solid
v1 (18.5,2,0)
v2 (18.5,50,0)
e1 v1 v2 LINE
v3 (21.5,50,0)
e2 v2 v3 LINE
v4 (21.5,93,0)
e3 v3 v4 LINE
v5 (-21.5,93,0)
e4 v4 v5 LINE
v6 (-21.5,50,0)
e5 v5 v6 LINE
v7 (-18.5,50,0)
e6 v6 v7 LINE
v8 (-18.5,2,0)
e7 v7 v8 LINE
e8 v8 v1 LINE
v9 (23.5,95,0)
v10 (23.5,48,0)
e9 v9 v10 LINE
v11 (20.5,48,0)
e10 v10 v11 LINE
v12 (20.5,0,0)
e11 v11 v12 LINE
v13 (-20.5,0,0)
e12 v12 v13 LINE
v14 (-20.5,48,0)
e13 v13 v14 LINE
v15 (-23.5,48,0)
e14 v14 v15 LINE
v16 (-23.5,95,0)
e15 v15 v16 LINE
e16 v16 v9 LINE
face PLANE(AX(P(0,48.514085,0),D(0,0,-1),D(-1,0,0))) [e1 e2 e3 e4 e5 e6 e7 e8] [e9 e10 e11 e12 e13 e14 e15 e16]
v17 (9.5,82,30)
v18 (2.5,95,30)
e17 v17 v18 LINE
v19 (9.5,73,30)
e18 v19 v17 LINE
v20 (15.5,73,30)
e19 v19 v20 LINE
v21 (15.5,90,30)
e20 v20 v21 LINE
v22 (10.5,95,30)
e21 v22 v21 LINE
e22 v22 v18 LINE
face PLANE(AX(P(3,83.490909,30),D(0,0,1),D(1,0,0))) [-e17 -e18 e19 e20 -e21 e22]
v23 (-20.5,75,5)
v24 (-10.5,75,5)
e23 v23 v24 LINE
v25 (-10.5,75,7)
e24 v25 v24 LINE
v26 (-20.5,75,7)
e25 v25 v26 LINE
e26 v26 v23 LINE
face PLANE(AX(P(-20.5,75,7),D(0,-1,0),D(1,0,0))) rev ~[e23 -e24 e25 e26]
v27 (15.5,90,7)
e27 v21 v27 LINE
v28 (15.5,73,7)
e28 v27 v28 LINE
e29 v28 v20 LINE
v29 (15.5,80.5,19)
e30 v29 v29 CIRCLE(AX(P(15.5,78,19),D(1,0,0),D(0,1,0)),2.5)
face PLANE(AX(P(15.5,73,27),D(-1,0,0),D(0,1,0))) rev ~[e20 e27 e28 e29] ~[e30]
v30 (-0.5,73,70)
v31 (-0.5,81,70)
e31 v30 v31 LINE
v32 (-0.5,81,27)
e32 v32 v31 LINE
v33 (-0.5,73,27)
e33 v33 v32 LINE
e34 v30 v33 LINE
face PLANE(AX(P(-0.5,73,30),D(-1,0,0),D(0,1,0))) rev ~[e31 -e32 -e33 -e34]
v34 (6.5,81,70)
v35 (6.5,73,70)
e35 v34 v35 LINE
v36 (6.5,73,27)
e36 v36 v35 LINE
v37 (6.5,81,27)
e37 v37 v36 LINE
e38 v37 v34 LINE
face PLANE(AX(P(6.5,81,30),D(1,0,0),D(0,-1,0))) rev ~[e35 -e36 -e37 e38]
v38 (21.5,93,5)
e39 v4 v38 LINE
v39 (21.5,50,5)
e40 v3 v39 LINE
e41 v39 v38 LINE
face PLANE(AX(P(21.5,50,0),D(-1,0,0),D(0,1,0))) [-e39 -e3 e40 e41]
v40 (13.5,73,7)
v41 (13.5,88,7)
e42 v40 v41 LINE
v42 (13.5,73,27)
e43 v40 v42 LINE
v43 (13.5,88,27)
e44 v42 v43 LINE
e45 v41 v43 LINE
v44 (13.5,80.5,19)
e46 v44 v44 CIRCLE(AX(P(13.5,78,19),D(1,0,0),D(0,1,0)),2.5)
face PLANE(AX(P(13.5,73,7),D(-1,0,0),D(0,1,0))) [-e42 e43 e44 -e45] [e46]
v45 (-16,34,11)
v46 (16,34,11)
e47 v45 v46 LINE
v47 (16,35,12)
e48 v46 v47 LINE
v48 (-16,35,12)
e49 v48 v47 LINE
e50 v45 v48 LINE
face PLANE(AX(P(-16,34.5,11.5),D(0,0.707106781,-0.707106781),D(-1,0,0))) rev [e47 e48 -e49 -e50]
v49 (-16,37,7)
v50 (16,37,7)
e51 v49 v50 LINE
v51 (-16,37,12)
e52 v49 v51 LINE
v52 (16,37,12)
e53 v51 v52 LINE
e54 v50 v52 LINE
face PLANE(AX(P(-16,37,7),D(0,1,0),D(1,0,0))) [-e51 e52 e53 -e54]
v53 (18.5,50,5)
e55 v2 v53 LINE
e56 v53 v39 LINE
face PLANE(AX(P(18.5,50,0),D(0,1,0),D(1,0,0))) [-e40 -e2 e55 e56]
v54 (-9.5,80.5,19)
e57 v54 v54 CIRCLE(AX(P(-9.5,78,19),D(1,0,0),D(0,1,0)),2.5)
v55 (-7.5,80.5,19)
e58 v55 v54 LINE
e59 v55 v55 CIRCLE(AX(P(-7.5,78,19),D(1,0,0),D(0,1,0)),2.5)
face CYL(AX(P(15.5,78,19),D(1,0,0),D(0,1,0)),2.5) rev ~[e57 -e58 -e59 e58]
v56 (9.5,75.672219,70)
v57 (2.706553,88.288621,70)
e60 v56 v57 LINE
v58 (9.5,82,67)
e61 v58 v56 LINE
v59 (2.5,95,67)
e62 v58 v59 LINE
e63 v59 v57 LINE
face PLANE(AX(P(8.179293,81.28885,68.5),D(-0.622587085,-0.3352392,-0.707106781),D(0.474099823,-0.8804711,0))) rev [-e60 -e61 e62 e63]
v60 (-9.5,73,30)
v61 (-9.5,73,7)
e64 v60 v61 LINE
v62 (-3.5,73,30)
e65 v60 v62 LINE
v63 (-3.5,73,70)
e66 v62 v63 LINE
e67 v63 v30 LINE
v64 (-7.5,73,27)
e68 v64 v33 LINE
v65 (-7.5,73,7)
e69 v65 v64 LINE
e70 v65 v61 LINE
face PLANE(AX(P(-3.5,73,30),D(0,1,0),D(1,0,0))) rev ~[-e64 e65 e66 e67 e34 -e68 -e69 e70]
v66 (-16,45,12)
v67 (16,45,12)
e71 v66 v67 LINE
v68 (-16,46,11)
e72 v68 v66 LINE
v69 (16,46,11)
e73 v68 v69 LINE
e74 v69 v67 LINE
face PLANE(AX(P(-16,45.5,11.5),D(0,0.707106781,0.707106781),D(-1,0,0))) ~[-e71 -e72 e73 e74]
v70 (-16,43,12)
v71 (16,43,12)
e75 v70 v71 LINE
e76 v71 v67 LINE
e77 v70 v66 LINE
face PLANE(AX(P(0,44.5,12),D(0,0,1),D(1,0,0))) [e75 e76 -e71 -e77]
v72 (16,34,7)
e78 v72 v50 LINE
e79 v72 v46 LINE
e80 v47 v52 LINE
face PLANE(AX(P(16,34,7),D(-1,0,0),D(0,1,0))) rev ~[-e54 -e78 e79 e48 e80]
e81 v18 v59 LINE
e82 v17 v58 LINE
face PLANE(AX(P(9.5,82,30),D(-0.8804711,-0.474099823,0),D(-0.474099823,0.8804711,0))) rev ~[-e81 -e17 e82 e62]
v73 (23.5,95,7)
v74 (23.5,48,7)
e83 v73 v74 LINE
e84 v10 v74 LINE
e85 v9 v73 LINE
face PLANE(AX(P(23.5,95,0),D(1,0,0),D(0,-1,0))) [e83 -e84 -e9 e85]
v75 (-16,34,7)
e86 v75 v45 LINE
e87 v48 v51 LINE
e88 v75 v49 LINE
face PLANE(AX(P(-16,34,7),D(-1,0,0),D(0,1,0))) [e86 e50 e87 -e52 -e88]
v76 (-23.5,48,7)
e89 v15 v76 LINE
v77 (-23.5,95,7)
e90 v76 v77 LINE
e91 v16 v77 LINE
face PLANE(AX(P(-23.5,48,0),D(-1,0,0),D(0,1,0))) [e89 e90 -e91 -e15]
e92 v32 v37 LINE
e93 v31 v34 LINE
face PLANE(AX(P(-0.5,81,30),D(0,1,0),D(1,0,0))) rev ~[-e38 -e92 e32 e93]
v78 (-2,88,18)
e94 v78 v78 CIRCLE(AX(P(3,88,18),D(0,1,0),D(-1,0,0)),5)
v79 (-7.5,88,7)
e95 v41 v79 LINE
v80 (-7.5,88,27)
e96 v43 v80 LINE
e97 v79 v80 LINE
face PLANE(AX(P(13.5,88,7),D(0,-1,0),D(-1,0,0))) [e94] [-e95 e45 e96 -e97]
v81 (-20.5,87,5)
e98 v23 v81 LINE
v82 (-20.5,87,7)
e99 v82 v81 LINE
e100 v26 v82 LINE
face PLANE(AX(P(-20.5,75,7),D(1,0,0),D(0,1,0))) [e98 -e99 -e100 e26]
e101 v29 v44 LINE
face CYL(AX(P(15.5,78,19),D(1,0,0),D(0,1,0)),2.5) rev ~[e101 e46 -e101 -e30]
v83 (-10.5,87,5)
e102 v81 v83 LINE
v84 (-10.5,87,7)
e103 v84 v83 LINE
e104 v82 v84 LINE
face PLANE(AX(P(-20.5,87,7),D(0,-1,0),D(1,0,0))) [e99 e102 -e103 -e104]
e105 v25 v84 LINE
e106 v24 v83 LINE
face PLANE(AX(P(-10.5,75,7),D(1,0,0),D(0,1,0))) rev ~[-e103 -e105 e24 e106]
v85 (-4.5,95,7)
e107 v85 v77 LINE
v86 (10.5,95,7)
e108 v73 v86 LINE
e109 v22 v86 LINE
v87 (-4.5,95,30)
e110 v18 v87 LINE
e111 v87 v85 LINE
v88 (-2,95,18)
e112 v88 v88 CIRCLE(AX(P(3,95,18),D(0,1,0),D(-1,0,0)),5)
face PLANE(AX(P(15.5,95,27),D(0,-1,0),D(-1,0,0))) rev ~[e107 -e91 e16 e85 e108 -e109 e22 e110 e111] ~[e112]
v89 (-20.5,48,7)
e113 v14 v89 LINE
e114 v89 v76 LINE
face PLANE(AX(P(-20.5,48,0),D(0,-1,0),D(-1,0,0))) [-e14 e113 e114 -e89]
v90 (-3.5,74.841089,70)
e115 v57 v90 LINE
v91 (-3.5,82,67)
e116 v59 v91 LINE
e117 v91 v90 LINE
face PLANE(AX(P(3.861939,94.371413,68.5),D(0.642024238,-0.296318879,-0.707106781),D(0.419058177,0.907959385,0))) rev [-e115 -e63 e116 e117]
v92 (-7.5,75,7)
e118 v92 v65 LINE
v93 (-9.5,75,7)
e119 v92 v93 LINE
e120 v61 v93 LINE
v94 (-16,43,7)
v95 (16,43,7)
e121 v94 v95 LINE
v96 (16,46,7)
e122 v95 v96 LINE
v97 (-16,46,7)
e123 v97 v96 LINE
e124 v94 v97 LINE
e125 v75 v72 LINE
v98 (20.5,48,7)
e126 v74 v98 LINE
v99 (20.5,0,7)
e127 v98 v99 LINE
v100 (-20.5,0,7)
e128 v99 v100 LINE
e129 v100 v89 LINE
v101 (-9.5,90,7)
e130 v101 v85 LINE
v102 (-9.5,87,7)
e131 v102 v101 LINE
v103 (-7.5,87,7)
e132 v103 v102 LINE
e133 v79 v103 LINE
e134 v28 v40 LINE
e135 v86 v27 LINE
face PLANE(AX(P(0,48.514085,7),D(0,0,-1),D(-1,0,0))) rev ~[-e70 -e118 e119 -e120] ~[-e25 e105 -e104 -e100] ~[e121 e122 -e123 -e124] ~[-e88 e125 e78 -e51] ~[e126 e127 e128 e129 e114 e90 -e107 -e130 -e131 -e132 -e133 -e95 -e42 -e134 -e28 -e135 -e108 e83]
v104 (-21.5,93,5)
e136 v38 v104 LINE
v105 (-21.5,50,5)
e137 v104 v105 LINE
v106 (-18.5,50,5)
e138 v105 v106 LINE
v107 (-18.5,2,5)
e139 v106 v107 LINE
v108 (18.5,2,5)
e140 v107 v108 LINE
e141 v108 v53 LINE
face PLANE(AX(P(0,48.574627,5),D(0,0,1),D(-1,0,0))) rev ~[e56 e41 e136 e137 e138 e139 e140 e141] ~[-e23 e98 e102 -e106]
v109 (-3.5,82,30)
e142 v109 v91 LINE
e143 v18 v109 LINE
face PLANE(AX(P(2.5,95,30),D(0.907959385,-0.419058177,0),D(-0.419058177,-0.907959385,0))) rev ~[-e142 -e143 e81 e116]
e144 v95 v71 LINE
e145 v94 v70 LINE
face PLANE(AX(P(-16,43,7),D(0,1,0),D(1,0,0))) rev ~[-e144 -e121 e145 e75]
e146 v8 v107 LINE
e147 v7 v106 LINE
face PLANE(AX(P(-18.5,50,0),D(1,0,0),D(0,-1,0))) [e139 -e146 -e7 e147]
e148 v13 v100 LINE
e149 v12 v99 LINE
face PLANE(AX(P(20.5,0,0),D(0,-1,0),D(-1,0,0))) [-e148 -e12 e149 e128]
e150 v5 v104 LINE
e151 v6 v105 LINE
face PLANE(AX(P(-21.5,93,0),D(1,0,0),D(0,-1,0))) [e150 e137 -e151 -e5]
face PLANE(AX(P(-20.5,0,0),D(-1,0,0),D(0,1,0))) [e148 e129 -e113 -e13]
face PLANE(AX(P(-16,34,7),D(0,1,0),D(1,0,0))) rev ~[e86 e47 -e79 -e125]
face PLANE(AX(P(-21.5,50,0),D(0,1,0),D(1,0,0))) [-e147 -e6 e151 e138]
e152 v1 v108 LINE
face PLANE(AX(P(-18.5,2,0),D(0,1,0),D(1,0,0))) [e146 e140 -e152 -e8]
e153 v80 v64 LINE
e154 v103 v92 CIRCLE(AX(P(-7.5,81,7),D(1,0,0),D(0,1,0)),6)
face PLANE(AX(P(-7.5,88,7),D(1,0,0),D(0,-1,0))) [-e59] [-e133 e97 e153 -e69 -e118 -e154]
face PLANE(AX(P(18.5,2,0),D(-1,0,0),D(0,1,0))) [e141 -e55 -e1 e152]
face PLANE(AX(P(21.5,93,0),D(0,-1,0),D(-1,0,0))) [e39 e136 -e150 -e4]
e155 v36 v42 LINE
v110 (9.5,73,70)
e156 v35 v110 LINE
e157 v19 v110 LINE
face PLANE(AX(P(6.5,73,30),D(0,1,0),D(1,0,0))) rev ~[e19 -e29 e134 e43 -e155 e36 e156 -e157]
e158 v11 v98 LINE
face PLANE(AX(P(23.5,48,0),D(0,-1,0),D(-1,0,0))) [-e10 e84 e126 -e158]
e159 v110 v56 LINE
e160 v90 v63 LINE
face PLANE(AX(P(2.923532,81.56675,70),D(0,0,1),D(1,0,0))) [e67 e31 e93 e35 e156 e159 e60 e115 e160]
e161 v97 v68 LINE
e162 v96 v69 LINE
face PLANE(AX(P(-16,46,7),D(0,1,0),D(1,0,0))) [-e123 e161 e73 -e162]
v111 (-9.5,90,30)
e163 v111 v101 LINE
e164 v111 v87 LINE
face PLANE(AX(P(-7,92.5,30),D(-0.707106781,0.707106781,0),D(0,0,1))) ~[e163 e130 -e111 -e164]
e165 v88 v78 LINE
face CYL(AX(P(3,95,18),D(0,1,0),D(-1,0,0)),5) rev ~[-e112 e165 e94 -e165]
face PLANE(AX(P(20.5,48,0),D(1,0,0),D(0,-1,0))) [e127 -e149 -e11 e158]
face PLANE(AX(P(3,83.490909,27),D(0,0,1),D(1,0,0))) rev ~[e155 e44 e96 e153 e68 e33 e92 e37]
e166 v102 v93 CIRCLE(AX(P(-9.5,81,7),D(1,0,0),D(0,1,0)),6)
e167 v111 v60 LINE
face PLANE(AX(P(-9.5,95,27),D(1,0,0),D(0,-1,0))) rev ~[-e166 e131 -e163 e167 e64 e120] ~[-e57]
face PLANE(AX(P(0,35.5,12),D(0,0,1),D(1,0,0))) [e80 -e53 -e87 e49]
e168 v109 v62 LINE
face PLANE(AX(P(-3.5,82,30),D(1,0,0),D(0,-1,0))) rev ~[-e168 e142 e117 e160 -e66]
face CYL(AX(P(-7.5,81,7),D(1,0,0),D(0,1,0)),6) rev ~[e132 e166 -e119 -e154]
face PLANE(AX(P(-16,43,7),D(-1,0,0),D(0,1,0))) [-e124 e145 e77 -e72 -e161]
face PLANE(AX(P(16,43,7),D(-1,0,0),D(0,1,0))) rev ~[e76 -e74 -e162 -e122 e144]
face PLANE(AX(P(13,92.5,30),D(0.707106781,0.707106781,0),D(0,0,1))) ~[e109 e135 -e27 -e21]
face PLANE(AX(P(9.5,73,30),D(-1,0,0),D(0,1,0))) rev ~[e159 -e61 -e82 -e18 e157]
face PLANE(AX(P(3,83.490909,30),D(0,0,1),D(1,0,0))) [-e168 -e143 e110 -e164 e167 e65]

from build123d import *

# Parameters (mm, degrees)
PAD_DEPTH       = 7
POCKET_DEPTH    = 5
SKETCH002_W     = 32
SKETCH002_H     = 3
PAD001_DEPTH    = 5
SKETCH003_W     = 10
SKETCH003_H     = 12
POCKET001_DEPTH = 2
PAD002_DEPTH    = 20
POCKET002_DEPTH = 5
SKETCH006_R     = 5
POCKET003_DEPTH = 7
PAD003_DEPTH    = 3
PAD004_DEPTH    = 40
CHAMFER_SIZE    = 5
CHAMFER001_SIZE = 5
CHAMFER002_SIZE = 3
CHAMFER003_SIZE = 1
CHAMFER004_SIZE = 1
SKETCH009_R     = 2.5
POCKET004_DEPTH = 39.001


with BuildPart() as part:
    # Sketch → Pad (new body)
    with BuildSketch(Plane.XY):
        Polygon((-23.5, 95), (23.5, 95), (23.5, 48), (20.5, 48), (20.5, 0), (-20.5, 0), (-20.5, 48), (-23.5, 48), align=None)
    extrude(amount=PAD_DEPTH)

    # Sketch001 (on Face9 of Pad) → Pocket (cut)
    with BuildSketch(Plane(origin=(0, 0, 0), x_dir=(1, 0, 0), z_dir=(0, 0, -1))):
        Polygon((-18.5, -2), (18.5, -2), (18.5, -50), (21.5, -50), (21.5, -93), (-21.5, -93), (-21.5, -50), (-18.5, -50), align=None)
    extrude(amount=-POCKET_DEPTH, mode=Mode.SUBTRACT)

    # Sketch002 (on Face5 of Pocket) → Pad001 (join)
    with BuildSketch(Plane.XY.offset(7)):
        with Locations((0, 44.5)):
            Rectangle(SKETCH002_W, SKETCH002_H)
        with Locations((0, 35.5)):
            Rectangle(SKETCH002_W, SKETCH002_H)
    extrude(amount=PAD001_DEPTH)

    # Sketch003 (on Face5 of Pad001) → Pocket001 (cut)
    with BuildSketch(Plane.XY.offset(7)):
        with Locations((-15.5, 81)):
            Rectangle(SKETCH003_W, SKETCH003_H)
    extrude(amount=-POCKET001_DEPTH, mode=Mode.SUBTRACT)

    # Sketch004 (on Face5 of Pocket001) → Pad002 (join)
    with BuildSketch(Plane.XY.offset(7)):
        Polygon((-9.5, 95), (15.5, 95), (15.5, 73), (13.5, 73), (13.5, 88), (-7.5, 88), (-7.5, 73), (-9.5, 73), align=None)
    extrude(amount=PAD002_DEPTH)

    # Sketch005 (on Face24 of Pad002) → Pocket002 (cut)
    with BuildSketch(Plane.YZ.offset(-7.5)):
        with BuildLine():
            ThreePointArc((87, 7), (81, 13), (75, 7))
            Line((75, 7), (87, 7))
        make_face()
    extrude(amount=-POCKET002_DEPTH, mode=Mode.SUBTRACT)

    # Sketch006 (on Face6 of Pad002) → Pocket003 (cut)
    with BuildSketch(Plane(origin=(0, 95, 0), x_dir=(-1, 0, 0), z_dir=(0, 1, 0))):
        with Locations((-3, 18)):
            Circle(SKETCH006_R)
    extrude(amount=-POCKET003_DEPTH, mode=Mode.SUBTRACT)

    # Sketch007 (on Face40 of Pocket003) → Pad003 (join)
    with BuildSketch(Plane.XY.offset(27)):
        Polygon((-9.5, 73), (-0.5, 73), (-0.5, 81), (6.5, 81), (6.5, 73), (15.5, 73), (15.5, 95), (-9.5, 95), align=None)
    extrude(amount=PAD003_DEPTH)

    # Sketch008 (on Face52 of Pad003) → Pad004 (join)
    with BuildSketch(Plane.XY.offset(30)):
        Polygon((-0.5, 73), (-0.5, 81), (6.5, 81), (6.5, 73), (9.5, 73), (9.5, 82), (2.5, 95), (-3.5, 82), (-3.5, 73), align=None)
    extrude(amount=PAD004_DEPTH)

    # Chamfer
    chamfer_edges = [part.edges().sort_by_distance(p)[0] for p in [
        (15.5, 95, 17),
    ]]
    chamfer(chamfer_edges, length=CHAMFER_SIZE)

    # Chamfer001
    chamfer001_edges = [part.edges().sort_by_distance(p)[0] for p in [
        (-9.5, 95, 17),
    ]]
    chamfer(chamfer001_edges, length=CHAMFER001_SIZE)

    # Chamfer002
    chamfer002_edges = [part.edges().sort_by_distance(p)[0] for p in [
        (6, 88.5, 70),
        (-0.5, 88.5, 70),
    ]]
    chamfer(chamfer002_edges, length=CHAMFER002_SIZE)

    # Chamfer003
    chamfer003_edges = [part.edges().sort_by_distance(p)[0] for p in [
        (0, 46, 12),
    ]]
    chamfer(chamfer003_edges, length=CHAMFER003_SIZE)

    # Chamfer004
    chamfer004_edges = [part.edges().sort_by_distance(p)[0] for p in [
        (0, 34, 12),
    ]]
    chamfer(chamfer004_edges, length=CHAMFER004_SIZE)

    # Sketch009 (on Face19 of Chamfer004) → Pocket004 (cut, through all)
    with BuildSketch(Plane.YZ.offset(15.5)):
        with Locations((78, 19)):
            Circle(SKETCH009_R)
    extrude(amount=-POCKET004_DEPTH, mode=Mode.SUBTRACT)


solid = part.part
